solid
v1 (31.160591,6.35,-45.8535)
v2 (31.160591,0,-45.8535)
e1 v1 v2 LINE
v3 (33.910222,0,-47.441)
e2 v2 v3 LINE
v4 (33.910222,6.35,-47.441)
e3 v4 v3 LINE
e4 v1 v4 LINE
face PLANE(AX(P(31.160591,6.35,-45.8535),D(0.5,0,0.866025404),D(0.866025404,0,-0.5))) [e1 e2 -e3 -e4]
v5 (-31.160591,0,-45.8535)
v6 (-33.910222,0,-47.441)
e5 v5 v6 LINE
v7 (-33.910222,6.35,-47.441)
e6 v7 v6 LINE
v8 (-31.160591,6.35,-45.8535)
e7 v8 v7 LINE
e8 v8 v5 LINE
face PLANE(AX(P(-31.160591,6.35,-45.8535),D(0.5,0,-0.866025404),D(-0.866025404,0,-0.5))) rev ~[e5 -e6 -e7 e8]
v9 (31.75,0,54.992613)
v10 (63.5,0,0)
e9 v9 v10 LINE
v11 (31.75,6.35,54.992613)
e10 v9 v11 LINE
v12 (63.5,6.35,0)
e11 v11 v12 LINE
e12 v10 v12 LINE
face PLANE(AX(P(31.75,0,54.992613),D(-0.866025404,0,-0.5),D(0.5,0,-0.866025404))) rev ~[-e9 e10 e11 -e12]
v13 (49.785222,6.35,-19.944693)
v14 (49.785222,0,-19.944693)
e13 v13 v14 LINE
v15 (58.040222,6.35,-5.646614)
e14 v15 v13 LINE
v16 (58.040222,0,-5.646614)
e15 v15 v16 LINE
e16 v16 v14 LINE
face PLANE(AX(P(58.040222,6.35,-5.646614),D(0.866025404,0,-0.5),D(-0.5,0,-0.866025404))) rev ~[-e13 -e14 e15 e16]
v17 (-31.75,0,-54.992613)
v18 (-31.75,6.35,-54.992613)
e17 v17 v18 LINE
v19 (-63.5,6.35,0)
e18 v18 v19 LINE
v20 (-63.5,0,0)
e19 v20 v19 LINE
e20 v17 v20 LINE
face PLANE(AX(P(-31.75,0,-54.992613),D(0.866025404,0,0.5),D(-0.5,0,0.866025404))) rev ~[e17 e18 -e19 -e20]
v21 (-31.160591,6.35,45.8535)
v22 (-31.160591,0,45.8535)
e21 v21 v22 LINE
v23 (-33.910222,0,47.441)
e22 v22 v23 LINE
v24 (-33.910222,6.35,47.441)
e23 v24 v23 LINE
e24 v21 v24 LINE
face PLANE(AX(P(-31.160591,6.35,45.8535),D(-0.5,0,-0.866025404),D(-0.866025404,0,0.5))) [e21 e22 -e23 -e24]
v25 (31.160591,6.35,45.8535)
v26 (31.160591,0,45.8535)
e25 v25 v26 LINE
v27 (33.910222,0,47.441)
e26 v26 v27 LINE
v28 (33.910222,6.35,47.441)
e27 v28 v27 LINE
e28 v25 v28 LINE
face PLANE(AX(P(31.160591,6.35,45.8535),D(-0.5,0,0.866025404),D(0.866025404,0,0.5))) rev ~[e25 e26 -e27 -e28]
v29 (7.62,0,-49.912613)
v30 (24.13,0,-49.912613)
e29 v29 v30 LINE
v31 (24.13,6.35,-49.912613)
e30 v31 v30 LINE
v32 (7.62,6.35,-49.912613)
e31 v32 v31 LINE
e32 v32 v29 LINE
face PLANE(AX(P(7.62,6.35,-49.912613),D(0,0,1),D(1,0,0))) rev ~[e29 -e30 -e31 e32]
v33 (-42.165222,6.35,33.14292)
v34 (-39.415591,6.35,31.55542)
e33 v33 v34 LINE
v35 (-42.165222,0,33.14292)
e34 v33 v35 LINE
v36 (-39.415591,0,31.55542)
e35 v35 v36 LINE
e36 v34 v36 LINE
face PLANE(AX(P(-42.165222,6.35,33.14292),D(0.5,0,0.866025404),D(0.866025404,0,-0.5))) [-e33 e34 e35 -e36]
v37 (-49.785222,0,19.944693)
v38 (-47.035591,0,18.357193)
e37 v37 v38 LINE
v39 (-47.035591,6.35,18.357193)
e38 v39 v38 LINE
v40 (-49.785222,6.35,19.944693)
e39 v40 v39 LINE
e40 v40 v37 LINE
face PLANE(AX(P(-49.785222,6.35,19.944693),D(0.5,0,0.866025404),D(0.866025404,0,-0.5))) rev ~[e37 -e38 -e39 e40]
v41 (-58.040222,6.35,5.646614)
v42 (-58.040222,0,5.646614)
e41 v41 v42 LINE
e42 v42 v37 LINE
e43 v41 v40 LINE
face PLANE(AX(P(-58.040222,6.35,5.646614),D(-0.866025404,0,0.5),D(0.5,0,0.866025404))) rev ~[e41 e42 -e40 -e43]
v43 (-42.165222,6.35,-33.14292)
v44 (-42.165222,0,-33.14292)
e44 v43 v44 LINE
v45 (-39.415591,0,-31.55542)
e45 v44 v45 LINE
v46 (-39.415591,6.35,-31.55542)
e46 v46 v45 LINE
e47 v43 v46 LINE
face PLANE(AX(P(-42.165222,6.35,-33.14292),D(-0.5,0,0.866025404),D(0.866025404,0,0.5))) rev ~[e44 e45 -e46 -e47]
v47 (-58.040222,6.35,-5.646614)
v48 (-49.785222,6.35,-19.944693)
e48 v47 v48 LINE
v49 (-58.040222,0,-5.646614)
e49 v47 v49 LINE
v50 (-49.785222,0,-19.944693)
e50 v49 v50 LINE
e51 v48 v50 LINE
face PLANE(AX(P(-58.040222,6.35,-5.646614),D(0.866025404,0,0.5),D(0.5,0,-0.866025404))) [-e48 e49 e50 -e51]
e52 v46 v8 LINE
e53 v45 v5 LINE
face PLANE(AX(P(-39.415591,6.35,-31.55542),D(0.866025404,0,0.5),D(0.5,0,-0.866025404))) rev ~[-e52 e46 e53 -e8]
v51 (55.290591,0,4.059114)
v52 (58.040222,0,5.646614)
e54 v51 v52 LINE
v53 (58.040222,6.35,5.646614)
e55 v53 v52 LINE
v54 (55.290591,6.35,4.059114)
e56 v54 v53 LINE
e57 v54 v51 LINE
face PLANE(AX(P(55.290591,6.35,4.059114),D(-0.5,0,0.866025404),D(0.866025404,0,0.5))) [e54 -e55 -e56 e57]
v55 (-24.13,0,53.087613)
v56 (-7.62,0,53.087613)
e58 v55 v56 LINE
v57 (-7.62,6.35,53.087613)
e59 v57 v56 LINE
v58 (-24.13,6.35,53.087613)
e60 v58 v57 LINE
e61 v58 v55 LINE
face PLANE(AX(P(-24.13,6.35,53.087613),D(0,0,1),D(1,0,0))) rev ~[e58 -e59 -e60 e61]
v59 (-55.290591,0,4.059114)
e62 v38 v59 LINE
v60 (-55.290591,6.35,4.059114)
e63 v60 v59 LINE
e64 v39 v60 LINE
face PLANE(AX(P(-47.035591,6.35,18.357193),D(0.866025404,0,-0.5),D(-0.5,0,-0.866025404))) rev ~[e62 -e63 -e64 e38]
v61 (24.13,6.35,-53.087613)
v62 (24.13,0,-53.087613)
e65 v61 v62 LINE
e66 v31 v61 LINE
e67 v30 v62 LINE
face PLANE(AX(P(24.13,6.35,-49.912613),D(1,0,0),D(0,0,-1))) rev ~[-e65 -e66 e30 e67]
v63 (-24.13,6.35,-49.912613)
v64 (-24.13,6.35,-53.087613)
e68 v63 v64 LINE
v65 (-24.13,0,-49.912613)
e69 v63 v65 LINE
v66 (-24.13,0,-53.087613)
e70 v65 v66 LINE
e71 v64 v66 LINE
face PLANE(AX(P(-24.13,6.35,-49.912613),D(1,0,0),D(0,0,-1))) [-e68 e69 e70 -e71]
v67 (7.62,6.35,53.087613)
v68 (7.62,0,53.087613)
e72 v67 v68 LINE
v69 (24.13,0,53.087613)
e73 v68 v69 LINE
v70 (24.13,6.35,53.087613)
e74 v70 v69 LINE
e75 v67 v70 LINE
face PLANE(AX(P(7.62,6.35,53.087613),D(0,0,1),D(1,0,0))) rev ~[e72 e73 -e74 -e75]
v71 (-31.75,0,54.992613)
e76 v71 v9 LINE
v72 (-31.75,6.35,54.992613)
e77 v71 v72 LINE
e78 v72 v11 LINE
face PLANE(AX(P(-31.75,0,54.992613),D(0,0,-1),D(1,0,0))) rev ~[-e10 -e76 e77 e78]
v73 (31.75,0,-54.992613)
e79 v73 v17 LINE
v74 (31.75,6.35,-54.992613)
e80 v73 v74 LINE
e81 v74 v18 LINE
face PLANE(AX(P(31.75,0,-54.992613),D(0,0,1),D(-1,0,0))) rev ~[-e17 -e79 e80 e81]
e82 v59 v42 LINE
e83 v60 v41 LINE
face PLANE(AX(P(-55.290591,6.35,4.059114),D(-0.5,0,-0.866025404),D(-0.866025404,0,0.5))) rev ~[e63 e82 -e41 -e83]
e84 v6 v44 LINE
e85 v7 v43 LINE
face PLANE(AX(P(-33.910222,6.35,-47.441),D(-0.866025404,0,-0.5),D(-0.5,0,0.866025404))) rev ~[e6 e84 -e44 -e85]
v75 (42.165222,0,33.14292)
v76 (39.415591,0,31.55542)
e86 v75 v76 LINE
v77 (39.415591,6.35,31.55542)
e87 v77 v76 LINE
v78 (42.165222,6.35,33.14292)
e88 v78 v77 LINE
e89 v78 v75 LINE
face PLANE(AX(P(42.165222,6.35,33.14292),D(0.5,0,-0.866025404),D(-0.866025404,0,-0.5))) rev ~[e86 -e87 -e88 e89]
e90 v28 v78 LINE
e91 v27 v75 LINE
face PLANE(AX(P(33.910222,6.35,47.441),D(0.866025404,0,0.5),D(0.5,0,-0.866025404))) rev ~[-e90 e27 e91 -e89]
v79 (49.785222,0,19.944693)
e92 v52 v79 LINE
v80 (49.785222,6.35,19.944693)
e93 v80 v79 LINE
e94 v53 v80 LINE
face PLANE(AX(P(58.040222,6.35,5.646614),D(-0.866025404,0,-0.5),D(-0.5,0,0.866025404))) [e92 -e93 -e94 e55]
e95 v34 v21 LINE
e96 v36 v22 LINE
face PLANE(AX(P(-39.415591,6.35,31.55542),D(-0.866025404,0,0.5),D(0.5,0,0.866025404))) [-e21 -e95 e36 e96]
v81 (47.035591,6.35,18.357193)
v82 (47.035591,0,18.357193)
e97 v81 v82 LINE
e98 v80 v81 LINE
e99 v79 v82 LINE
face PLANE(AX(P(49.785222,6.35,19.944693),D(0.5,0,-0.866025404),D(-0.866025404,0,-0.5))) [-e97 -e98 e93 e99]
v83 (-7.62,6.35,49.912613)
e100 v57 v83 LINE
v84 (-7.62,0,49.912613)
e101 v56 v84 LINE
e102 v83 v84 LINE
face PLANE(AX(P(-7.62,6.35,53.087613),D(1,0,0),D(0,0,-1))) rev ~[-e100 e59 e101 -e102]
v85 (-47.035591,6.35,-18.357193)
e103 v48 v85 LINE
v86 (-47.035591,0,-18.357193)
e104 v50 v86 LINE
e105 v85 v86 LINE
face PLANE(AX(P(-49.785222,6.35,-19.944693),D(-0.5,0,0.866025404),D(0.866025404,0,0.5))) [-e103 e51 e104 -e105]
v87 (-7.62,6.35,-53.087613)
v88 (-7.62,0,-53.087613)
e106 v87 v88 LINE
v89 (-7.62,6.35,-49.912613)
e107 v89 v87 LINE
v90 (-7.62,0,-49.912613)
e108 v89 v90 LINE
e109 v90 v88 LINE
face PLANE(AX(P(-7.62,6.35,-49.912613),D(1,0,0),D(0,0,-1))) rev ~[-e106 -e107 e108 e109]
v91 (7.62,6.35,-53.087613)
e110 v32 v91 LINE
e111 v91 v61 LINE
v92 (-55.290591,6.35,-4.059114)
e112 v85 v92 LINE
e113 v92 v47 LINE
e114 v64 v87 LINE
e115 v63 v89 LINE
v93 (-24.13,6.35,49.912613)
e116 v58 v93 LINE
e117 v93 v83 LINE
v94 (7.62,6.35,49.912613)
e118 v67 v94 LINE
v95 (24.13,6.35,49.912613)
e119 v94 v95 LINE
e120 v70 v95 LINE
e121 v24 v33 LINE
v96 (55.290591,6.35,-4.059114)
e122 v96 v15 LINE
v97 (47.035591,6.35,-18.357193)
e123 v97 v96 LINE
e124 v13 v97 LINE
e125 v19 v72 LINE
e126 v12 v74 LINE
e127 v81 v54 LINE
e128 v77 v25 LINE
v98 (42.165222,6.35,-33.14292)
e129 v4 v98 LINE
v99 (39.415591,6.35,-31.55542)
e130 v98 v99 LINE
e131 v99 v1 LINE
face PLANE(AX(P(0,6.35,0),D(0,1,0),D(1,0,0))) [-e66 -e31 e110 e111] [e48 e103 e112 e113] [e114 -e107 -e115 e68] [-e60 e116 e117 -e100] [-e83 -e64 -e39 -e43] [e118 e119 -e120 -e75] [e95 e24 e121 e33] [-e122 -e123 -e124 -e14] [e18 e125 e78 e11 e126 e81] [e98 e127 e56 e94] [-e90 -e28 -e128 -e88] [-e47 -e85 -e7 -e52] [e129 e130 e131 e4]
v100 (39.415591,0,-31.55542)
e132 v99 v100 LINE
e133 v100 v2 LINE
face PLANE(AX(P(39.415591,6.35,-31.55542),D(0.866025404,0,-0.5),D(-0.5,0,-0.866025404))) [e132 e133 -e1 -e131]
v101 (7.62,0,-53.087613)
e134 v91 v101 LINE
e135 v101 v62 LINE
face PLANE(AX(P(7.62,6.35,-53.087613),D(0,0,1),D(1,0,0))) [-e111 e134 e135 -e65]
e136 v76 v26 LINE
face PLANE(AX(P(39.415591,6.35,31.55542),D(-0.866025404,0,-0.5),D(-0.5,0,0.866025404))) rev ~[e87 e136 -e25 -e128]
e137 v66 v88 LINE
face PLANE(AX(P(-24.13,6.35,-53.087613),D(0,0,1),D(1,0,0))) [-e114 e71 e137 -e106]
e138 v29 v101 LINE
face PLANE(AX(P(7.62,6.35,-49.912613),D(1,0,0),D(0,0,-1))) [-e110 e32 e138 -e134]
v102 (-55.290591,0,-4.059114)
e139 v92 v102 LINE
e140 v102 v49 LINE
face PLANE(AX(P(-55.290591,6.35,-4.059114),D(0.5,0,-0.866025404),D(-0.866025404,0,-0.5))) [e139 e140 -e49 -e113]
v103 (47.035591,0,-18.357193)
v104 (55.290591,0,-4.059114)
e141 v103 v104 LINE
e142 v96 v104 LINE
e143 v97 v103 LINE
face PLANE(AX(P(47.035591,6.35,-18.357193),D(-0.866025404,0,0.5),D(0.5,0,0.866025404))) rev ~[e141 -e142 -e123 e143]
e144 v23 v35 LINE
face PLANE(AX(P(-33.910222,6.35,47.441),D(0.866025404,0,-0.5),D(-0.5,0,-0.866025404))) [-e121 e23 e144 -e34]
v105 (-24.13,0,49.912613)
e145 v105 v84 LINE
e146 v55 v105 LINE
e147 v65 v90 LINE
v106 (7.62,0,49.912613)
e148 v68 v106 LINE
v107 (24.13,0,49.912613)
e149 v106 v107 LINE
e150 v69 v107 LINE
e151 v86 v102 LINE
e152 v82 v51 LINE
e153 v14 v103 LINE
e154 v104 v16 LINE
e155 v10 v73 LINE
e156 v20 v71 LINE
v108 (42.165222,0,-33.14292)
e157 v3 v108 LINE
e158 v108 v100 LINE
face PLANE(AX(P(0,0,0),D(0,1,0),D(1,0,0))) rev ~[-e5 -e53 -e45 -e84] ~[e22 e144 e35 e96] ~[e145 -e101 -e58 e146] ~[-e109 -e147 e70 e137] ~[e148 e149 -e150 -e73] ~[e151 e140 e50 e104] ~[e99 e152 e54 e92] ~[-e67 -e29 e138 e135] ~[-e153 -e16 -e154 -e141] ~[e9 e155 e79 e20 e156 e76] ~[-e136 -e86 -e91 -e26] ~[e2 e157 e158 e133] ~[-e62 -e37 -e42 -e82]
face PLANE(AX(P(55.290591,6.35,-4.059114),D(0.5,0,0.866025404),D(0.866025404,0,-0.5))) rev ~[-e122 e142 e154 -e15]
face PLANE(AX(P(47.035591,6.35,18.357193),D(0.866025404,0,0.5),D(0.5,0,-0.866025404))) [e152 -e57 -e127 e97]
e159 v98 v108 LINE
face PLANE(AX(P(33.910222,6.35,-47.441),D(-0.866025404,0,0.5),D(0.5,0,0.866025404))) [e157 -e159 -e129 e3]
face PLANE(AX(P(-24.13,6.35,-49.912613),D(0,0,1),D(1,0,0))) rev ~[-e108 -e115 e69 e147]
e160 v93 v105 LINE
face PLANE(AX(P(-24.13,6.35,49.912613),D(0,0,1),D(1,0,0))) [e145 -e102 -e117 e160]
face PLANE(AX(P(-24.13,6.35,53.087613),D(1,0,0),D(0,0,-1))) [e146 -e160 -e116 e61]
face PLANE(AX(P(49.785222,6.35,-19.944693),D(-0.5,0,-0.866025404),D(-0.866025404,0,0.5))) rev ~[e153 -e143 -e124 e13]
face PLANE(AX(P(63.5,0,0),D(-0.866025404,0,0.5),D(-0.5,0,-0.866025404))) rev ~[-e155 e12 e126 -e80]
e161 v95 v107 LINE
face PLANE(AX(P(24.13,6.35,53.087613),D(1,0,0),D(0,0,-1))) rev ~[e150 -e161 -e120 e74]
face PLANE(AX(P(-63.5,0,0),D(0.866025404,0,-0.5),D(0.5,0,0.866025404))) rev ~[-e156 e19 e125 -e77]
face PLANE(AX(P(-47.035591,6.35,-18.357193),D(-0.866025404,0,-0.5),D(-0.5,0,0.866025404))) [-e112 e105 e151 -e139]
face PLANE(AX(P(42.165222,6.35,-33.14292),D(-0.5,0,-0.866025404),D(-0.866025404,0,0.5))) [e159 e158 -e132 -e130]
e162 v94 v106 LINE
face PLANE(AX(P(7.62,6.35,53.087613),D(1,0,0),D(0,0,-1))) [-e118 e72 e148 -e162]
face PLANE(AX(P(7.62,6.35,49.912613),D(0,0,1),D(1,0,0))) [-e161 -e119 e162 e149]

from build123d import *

# Parameters (mm, degrees)
BOSS_EXTRUDE1_DEPTH = 6.35
SKETCH2_W           = 16.51
SKETCH2_H           = 3.175
CUT_EXTRUDE1_DEPTH  = 7.35


with BuildPart() as part:
    # Sketch1 → Boss-Extrude1 (new body)
    with BuildSketch(Plane(origin=(0, 0, 0), x_dir=(1, 0, 0), z_dir=(0, 1, 0))):
        Polygon((-63.5, 0), (-31.75, -54.99261314), (31.75, -54.99261314), (63.5, 0), (31.75, 54.99261314), (-31.75, 54.99261314), align=None)
    extrude(amount=BOSS_EXTRUDE1_DEPTH)

    # Sketch2 → Cut-Extrude1 (cut, through all)
    with BuildSketch(Plane(origin=(0, 6.35, 0), x_dir=(1, 0, 0), z_dir=(0, 1, 0))):
        Polygon((-55.290590949, -4.059113577), (-58.040221606, -5.646613577), (-49.785221606, -19.944692993), (-47.035590949, -18.357192993), align=None)
        Polygon((-31.160590949, -45.853499563), (-33.910221606, -47.440999563), (-42.165221606, -33.142920147), (-39.415590949, -31.555420147), align=None)
        Polygon((-31.160590949, 45.853499563), (-33.910221606, 47.440999563), (-42.165221606, 33.142920147), (-39.415590949, 31.555420147), align=None)
        Polygon((-49.785221606, 19.944692993), (-47.035590949, 18.357192993), (-55.290590949, 4.059113577), (-58.040221606, 5.646613577), align=None)
        with Locations((15.875, 51.50011314)):
            Rectangle(SKETCH2_W, SKETCH2_H)
        with Locations((-15.875, 51.50011314)):
            Rectangle(SKETCH2_W, SKETCH2_H)
        Polygon((55.290590949, 4.059113577), (58.040221606, 5.646613577), (49.785221606, 19.944692993), (47.035590949, 18.357192993), align=None)
        Polygon((42.165221606, 33.142920147), (39.415590949, 31.555420147), (31.160590949, 45.853499563), (33.910221606, 47.440999563), align=None)
        Polygon((31.160590949, -45.853499563), (33.910221606, -47.440999563), (42.165221606, -33.142920147), (39.415590949, -31.555420147), align=None)
        Polygon((49.785221606, -19.944692993), (47.035590949, -18.357192993), (55.290590949, -4.059113577), (58.040221606, -5.646613577), align=None)
        with Locations((-15.875, -51.50011314)):
            Rectangle(SKETCH2_W, SKETCH2_H)
        with Locations((15.875, -51.50011314)):
            Rectangle(SKETCH2_W, SKETCH2_H)
    extrude(amount=-CUT_EXTRUDE1_DEPTH, mode=Mode.SUBTRACT)


solid = part.part
